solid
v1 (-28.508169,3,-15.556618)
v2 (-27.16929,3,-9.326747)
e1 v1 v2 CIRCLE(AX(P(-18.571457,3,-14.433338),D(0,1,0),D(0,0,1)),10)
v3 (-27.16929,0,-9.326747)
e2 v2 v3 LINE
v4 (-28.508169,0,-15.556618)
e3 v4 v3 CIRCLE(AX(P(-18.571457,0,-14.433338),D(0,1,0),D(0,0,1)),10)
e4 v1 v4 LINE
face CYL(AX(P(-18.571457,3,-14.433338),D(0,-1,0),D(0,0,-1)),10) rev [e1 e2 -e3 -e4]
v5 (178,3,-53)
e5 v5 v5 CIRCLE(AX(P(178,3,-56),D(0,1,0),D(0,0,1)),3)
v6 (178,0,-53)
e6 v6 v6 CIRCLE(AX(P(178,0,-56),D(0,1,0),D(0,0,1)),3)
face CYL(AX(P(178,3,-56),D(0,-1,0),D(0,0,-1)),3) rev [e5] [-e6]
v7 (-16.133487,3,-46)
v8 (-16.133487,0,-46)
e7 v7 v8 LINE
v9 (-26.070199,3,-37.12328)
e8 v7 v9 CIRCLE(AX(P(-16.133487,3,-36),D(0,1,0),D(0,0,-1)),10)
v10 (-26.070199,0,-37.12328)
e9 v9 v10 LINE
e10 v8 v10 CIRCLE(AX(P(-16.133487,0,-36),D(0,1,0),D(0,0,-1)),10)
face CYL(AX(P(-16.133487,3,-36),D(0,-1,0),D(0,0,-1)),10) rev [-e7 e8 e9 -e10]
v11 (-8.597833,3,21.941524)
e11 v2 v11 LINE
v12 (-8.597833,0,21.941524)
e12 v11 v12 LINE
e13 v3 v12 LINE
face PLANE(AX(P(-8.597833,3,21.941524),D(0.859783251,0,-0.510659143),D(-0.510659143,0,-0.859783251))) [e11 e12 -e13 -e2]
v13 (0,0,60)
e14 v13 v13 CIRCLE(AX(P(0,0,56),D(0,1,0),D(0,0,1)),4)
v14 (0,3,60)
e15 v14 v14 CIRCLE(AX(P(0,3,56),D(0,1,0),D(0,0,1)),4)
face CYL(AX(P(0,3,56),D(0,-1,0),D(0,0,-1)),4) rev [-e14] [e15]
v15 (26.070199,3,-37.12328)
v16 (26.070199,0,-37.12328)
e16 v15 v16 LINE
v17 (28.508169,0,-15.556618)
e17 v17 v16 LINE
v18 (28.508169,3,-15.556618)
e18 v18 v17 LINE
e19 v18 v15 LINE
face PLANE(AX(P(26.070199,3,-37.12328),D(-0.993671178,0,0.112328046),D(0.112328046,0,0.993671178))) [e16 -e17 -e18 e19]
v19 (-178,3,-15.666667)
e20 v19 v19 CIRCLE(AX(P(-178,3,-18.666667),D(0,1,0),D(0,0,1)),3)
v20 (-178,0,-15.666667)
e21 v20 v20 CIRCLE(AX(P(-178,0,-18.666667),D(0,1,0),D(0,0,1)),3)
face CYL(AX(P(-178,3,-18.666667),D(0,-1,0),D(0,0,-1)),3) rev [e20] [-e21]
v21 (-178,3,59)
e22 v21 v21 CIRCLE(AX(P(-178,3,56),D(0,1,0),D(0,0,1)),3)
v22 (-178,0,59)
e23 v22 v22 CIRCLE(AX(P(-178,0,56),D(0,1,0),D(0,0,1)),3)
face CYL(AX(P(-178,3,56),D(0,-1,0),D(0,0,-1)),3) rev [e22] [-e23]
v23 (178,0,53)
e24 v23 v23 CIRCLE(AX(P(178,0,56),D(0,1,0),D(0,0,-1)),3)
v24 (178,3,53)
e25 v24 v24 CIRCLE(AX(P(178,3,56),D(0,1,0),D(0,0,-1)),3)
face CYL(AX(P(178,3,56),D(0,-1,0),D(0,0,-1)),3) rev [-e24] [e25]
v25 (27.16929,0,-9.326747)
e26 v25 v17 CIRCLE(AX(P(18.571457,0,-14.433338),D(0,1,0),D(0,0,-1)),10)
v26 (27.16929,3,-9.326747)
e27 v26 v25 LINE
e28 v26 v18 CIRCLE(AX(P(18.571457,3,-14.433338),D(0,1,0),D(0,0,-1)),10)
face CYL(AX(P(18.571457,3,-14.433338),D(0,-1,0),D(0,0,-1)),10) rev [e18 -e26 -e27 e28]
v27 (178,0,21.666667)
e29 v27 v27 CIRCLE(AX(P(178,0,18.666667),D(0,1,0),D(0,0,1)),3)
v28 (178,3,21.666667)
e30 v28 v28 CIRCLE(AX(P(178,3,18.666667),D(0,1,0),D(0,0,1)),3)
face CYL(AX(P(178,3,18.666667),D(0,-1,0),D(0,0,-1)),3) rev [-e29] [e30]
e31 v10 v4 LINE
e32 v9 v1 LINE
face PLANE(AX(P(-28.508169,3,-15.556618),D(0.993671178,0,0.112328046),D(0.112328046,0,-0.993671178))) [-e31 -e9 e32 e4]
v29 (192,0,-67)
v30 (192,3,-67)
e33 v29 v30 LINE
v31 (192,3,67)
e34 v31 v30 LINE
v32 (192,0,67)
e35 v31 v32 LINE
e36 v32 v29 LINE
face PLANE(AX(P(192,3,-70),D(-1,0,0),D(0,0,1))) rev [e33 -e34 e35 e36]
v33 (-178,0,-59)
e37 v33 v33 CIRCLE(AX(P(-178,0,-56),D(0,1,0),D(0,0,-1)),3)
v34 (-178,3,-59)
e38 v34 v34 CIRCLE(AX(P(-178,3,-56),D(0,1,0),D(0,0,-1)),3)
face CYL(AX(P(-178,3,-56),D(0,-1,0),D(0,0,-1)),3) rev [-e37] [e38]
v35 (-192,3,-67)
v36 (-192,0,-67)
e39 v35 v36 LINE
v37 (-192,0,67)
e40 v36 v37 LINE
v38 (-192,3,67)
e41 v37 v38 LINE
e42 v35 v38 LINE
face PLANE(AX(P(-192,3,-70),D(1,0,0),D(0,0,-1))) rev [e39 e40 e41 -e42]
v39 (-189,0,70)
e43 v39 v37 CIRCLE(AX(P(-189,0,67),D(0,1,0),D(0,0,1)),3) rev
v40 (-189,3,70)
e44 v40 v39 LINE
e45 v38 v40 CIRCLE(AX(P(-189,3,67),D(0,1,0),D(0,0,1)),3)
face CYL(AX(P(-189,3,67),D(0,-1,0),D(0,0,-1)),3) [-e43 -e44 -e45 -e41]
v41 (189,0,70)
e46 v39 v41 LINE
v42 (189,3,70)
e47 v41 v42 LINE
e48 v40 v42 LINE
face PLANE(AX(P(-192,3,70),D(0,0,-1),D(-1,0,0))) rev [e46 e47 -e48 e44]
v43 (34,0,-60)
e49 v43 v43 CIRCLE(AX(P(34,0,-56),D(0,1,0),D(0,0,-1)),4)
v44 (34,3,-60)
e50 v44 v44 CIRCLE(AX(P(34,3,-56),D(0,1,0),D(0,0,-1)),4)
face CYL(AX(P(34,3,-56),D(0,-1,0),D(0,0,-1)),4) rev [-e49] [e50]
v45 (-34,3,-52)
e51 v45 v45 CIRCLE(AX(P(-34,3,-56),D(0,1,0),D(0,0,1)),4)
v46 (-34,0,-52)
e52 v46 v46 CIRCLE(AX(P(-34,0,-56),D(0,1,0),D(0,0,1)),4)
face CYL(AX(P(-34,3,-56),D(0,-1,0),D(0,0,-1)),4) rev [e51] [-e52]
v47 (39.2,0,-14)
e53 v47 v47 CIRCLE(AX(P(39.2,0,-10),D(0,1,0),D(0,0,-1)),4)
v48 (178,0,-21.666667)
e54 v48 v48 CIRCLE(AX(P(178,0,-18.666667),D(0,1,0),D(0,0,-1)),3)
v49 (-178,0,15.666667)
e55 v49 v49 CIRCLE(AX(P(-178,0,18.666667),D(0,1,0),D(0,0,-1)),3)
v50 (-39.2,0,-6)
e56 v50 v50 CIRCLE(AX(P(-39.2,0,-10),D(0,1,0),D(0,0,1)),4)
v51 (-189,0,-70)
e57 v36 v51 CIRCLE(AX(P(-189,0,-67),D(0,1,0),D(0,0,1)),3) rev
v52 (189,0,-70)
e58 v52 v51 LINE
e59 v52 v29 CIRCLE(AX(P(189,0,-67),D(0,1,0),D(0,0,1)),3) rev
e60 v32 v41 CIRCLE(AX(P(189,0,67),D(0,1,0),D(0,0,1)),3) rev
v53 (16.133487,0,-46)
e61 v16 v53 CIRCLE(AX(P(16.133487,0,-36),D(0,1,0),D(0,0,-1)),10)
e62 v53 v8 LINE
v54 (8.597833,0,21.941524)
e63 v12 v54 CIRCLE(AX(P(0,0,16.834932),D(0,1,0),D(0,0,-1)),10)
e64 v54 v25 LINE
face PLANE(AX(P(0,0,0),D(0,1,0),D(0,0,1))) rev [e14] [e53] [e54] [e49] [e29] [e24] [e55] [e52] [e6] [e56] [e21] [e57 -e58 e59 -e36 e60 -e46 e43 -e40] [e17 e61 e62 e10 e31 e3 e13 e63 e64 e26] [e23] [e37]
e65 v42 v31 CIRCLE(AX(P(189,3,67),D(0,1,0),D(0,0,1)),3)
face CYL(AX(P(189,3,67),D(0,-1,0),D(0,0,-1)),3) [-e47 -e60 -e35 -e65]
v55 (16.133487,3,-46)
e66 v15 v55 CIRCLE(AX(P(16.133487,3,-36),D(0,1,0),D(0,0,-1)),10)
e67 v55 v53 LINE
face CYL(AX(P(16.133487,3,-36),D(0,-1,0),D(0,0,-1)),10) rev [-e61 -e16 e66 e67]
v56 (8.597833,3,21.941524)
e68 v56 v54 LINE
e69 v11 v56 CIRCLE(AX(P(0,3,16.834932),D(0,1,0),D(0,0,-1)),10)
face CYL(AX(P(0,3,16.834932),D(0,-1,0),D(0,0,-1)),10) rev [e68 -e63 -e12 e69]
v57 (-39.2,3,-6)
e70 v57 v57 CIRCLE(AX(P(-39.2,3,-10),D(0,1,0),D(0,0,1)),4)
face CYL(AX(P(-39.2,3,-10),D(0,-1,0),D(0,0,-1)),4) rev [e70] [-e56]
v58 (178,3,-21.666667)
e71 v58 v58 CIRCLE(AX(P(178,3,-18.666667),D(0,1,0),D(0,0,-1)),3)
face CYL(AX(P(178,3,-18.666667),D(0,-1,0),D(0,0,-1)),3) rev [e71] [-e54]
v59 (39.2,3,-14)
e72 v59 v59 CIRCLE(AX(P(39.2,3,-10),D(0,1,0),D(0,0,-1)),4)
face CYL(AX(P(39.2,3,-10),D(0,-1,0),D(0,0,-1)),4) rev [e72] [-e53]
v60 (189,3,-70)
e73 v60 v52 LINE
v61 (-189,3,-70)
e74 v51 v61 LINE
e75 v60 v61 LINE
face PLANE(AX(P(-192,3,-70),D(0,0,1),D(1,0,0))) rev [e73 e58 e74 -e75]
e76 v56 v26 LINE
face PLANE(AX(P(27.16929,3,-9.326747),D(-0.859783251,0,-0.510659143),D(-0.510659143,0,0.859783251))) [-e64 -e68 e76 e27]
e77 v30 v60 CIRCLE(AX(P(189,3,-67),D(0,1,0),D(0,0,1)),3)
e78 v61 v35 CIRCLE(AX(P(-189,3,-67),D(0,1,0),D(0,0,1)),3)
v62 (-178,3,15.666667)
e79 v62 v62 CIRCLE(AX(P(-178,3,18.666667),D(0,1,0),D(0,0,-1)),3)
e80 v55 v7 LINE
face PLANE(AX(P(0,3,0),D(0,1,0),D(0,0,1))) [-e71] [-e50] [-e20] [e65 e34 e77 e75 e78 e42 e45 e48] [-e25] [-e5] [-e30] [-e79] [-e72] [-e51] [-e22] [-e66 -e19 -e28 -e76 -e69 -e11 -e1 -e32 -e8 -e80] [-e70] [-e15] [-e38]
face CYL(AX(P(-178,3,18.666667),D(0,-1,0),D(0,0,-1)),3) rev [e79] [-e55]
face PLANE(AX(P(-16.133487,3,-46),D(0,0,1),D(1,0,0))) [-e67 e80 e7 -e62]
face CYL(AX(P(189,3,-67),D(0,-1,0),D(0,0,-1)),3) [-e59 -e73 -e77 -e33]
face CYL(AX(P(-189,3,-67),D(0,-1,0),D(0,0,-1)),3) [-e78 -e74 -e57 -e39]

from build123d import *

# Parameters (mm, degrees)
SKETCH1_W           = 384
SKETCH1_H           = 140
SKETCH1_R           = 4
SKETCH1_R_2         = 3
BOSS_EXTRUDE1_DEPTH = 3
FILLET1_R           = 3


with BuildPart() as part:
    # Sketch1 → Boss-Extrude1 (new body)
    with BuildSketch(Plane(origin=(0, 0, 0), x_dir=(1, 0, 0), z_dir=(0, 1, 0))):
        Rectangle(SKETCH1_W, SKETCH1_H)
        with Locations(Location((-34, 56, 0), (0, 0, 270))):
            Circle(SKETCH1_R, mode=Mode.SUBTRACT)
        with Locations(Location((-39.2, 10, 0), (0, 0, 270))):
            Circle(SKETCH1_R, mode=Mode.SUBTRACT)
        with Locations(Location((0, -56, 0), (0, 0, 270))):
            Circle(SKETCH1_R, mode=Mode.SUBTRACT)
        with Locations(Location((39.2, 10, 0), (0, 0, 90))):
            Circle(SKETCH1_R, mode=Mode.SUBTRACT)
        with Locations(Location((34, 56, 0), (0, 0, 90))):
            Circle(SKETCH1_R, mode=Mode.SUBTRACT)
        with Locations(Location((-178, -56, 0), (0, 0, 270))):
            Circle(SKETCH1_R_2, mode=Mode.SUBTRACT)
        with Locations(Location((178, -56, 0), (0, 0, 90))):
            Circle(SKETCH1_R_2, mode=Mode.SUBTRACT)
        with Locations(Location((-178, 56, 0), (0, 0, 90))):
            Circle(SKETCH1_R_2, mode=Mode.SUBTRACT)
        with Locations(Location((178, 56, 0), (0, 0, 270))):
            Circle(SKETCH1_R_2, mode=Mode.SUBTRACT)
        with Locations(Location((-178, 18.666666667, 0), (0, 0, 270))):
            Circle(SKETCH1_R_2, mode=Mode.SUBTRACT)
        with Locations(Location((-178, -18.666666667, 0), (0, 0, 90))):
            Circle(SKETCH1_R_2, mode=Mode.SUBTRACT)
        with Locations(Location((178, 18.666666667, 0), (0, 0, 90))):
            Circle(SKETCH1_R_2, mode=Mode.SUBTRACT)
        with Locations(Location((178, -18.666666667, 0), (0, 0, 270))):
            Circle(SKETCH1_R_2, mode=Mode.SUBTRACT)
        with BuildLine():
            Line((-28.508169209, 15.556618484), (-26.070198724, 37.123280462))
            ThreePointArc((-26.070198724, 37.123280462), (-22.795588541, 43.457640532), (-16.133486944, 46))
            Line((-16.133486944, 46), (16.133486944, 46))
            ThreePointArc((16.133486944, 46), (22.795588541, 43.457640532), (26.070198724, 37.123280462))
            Line((26.070198724, 37.123280462), (28.508169209, 15.556618484))
            ThreePointArc((28.508169209, 15.556618484), (28.348223714, 12.33218572), (27.169289942, 9.326746589))
            Line((27.169289942, 9.326746589), (8.597832514, -21.941523571))
            ThreePointArc((8.597832514, -21.941523571), (0, -26.834932138), (-8.597832514, -21.941523571))
            Line((-8.597832514, -21.941523571), (-27.169289942, 9.326746589))
            ThreePointArc((-27.169289942, 9.326746589), (-28.348223714, 12.33218572), (-28.508169209, 15.556618484))
        make_face(mode=Mode.SUBTRACT)
    extrude(amount=BOSS_EXTRUDE1_DEPTH)

    # Fillet1
    fillet1_edges = [part.edges().sort_by_distance(p)[0] for p in [
        (192, 1.5, 70),
        (-192, 1.5, 70),
        (-192, 1.5, -70),
        (192, 1.5, -70),
    ]]
    fillet(fillet1_edges, radius=FILLET1_R)


solid = part.part
